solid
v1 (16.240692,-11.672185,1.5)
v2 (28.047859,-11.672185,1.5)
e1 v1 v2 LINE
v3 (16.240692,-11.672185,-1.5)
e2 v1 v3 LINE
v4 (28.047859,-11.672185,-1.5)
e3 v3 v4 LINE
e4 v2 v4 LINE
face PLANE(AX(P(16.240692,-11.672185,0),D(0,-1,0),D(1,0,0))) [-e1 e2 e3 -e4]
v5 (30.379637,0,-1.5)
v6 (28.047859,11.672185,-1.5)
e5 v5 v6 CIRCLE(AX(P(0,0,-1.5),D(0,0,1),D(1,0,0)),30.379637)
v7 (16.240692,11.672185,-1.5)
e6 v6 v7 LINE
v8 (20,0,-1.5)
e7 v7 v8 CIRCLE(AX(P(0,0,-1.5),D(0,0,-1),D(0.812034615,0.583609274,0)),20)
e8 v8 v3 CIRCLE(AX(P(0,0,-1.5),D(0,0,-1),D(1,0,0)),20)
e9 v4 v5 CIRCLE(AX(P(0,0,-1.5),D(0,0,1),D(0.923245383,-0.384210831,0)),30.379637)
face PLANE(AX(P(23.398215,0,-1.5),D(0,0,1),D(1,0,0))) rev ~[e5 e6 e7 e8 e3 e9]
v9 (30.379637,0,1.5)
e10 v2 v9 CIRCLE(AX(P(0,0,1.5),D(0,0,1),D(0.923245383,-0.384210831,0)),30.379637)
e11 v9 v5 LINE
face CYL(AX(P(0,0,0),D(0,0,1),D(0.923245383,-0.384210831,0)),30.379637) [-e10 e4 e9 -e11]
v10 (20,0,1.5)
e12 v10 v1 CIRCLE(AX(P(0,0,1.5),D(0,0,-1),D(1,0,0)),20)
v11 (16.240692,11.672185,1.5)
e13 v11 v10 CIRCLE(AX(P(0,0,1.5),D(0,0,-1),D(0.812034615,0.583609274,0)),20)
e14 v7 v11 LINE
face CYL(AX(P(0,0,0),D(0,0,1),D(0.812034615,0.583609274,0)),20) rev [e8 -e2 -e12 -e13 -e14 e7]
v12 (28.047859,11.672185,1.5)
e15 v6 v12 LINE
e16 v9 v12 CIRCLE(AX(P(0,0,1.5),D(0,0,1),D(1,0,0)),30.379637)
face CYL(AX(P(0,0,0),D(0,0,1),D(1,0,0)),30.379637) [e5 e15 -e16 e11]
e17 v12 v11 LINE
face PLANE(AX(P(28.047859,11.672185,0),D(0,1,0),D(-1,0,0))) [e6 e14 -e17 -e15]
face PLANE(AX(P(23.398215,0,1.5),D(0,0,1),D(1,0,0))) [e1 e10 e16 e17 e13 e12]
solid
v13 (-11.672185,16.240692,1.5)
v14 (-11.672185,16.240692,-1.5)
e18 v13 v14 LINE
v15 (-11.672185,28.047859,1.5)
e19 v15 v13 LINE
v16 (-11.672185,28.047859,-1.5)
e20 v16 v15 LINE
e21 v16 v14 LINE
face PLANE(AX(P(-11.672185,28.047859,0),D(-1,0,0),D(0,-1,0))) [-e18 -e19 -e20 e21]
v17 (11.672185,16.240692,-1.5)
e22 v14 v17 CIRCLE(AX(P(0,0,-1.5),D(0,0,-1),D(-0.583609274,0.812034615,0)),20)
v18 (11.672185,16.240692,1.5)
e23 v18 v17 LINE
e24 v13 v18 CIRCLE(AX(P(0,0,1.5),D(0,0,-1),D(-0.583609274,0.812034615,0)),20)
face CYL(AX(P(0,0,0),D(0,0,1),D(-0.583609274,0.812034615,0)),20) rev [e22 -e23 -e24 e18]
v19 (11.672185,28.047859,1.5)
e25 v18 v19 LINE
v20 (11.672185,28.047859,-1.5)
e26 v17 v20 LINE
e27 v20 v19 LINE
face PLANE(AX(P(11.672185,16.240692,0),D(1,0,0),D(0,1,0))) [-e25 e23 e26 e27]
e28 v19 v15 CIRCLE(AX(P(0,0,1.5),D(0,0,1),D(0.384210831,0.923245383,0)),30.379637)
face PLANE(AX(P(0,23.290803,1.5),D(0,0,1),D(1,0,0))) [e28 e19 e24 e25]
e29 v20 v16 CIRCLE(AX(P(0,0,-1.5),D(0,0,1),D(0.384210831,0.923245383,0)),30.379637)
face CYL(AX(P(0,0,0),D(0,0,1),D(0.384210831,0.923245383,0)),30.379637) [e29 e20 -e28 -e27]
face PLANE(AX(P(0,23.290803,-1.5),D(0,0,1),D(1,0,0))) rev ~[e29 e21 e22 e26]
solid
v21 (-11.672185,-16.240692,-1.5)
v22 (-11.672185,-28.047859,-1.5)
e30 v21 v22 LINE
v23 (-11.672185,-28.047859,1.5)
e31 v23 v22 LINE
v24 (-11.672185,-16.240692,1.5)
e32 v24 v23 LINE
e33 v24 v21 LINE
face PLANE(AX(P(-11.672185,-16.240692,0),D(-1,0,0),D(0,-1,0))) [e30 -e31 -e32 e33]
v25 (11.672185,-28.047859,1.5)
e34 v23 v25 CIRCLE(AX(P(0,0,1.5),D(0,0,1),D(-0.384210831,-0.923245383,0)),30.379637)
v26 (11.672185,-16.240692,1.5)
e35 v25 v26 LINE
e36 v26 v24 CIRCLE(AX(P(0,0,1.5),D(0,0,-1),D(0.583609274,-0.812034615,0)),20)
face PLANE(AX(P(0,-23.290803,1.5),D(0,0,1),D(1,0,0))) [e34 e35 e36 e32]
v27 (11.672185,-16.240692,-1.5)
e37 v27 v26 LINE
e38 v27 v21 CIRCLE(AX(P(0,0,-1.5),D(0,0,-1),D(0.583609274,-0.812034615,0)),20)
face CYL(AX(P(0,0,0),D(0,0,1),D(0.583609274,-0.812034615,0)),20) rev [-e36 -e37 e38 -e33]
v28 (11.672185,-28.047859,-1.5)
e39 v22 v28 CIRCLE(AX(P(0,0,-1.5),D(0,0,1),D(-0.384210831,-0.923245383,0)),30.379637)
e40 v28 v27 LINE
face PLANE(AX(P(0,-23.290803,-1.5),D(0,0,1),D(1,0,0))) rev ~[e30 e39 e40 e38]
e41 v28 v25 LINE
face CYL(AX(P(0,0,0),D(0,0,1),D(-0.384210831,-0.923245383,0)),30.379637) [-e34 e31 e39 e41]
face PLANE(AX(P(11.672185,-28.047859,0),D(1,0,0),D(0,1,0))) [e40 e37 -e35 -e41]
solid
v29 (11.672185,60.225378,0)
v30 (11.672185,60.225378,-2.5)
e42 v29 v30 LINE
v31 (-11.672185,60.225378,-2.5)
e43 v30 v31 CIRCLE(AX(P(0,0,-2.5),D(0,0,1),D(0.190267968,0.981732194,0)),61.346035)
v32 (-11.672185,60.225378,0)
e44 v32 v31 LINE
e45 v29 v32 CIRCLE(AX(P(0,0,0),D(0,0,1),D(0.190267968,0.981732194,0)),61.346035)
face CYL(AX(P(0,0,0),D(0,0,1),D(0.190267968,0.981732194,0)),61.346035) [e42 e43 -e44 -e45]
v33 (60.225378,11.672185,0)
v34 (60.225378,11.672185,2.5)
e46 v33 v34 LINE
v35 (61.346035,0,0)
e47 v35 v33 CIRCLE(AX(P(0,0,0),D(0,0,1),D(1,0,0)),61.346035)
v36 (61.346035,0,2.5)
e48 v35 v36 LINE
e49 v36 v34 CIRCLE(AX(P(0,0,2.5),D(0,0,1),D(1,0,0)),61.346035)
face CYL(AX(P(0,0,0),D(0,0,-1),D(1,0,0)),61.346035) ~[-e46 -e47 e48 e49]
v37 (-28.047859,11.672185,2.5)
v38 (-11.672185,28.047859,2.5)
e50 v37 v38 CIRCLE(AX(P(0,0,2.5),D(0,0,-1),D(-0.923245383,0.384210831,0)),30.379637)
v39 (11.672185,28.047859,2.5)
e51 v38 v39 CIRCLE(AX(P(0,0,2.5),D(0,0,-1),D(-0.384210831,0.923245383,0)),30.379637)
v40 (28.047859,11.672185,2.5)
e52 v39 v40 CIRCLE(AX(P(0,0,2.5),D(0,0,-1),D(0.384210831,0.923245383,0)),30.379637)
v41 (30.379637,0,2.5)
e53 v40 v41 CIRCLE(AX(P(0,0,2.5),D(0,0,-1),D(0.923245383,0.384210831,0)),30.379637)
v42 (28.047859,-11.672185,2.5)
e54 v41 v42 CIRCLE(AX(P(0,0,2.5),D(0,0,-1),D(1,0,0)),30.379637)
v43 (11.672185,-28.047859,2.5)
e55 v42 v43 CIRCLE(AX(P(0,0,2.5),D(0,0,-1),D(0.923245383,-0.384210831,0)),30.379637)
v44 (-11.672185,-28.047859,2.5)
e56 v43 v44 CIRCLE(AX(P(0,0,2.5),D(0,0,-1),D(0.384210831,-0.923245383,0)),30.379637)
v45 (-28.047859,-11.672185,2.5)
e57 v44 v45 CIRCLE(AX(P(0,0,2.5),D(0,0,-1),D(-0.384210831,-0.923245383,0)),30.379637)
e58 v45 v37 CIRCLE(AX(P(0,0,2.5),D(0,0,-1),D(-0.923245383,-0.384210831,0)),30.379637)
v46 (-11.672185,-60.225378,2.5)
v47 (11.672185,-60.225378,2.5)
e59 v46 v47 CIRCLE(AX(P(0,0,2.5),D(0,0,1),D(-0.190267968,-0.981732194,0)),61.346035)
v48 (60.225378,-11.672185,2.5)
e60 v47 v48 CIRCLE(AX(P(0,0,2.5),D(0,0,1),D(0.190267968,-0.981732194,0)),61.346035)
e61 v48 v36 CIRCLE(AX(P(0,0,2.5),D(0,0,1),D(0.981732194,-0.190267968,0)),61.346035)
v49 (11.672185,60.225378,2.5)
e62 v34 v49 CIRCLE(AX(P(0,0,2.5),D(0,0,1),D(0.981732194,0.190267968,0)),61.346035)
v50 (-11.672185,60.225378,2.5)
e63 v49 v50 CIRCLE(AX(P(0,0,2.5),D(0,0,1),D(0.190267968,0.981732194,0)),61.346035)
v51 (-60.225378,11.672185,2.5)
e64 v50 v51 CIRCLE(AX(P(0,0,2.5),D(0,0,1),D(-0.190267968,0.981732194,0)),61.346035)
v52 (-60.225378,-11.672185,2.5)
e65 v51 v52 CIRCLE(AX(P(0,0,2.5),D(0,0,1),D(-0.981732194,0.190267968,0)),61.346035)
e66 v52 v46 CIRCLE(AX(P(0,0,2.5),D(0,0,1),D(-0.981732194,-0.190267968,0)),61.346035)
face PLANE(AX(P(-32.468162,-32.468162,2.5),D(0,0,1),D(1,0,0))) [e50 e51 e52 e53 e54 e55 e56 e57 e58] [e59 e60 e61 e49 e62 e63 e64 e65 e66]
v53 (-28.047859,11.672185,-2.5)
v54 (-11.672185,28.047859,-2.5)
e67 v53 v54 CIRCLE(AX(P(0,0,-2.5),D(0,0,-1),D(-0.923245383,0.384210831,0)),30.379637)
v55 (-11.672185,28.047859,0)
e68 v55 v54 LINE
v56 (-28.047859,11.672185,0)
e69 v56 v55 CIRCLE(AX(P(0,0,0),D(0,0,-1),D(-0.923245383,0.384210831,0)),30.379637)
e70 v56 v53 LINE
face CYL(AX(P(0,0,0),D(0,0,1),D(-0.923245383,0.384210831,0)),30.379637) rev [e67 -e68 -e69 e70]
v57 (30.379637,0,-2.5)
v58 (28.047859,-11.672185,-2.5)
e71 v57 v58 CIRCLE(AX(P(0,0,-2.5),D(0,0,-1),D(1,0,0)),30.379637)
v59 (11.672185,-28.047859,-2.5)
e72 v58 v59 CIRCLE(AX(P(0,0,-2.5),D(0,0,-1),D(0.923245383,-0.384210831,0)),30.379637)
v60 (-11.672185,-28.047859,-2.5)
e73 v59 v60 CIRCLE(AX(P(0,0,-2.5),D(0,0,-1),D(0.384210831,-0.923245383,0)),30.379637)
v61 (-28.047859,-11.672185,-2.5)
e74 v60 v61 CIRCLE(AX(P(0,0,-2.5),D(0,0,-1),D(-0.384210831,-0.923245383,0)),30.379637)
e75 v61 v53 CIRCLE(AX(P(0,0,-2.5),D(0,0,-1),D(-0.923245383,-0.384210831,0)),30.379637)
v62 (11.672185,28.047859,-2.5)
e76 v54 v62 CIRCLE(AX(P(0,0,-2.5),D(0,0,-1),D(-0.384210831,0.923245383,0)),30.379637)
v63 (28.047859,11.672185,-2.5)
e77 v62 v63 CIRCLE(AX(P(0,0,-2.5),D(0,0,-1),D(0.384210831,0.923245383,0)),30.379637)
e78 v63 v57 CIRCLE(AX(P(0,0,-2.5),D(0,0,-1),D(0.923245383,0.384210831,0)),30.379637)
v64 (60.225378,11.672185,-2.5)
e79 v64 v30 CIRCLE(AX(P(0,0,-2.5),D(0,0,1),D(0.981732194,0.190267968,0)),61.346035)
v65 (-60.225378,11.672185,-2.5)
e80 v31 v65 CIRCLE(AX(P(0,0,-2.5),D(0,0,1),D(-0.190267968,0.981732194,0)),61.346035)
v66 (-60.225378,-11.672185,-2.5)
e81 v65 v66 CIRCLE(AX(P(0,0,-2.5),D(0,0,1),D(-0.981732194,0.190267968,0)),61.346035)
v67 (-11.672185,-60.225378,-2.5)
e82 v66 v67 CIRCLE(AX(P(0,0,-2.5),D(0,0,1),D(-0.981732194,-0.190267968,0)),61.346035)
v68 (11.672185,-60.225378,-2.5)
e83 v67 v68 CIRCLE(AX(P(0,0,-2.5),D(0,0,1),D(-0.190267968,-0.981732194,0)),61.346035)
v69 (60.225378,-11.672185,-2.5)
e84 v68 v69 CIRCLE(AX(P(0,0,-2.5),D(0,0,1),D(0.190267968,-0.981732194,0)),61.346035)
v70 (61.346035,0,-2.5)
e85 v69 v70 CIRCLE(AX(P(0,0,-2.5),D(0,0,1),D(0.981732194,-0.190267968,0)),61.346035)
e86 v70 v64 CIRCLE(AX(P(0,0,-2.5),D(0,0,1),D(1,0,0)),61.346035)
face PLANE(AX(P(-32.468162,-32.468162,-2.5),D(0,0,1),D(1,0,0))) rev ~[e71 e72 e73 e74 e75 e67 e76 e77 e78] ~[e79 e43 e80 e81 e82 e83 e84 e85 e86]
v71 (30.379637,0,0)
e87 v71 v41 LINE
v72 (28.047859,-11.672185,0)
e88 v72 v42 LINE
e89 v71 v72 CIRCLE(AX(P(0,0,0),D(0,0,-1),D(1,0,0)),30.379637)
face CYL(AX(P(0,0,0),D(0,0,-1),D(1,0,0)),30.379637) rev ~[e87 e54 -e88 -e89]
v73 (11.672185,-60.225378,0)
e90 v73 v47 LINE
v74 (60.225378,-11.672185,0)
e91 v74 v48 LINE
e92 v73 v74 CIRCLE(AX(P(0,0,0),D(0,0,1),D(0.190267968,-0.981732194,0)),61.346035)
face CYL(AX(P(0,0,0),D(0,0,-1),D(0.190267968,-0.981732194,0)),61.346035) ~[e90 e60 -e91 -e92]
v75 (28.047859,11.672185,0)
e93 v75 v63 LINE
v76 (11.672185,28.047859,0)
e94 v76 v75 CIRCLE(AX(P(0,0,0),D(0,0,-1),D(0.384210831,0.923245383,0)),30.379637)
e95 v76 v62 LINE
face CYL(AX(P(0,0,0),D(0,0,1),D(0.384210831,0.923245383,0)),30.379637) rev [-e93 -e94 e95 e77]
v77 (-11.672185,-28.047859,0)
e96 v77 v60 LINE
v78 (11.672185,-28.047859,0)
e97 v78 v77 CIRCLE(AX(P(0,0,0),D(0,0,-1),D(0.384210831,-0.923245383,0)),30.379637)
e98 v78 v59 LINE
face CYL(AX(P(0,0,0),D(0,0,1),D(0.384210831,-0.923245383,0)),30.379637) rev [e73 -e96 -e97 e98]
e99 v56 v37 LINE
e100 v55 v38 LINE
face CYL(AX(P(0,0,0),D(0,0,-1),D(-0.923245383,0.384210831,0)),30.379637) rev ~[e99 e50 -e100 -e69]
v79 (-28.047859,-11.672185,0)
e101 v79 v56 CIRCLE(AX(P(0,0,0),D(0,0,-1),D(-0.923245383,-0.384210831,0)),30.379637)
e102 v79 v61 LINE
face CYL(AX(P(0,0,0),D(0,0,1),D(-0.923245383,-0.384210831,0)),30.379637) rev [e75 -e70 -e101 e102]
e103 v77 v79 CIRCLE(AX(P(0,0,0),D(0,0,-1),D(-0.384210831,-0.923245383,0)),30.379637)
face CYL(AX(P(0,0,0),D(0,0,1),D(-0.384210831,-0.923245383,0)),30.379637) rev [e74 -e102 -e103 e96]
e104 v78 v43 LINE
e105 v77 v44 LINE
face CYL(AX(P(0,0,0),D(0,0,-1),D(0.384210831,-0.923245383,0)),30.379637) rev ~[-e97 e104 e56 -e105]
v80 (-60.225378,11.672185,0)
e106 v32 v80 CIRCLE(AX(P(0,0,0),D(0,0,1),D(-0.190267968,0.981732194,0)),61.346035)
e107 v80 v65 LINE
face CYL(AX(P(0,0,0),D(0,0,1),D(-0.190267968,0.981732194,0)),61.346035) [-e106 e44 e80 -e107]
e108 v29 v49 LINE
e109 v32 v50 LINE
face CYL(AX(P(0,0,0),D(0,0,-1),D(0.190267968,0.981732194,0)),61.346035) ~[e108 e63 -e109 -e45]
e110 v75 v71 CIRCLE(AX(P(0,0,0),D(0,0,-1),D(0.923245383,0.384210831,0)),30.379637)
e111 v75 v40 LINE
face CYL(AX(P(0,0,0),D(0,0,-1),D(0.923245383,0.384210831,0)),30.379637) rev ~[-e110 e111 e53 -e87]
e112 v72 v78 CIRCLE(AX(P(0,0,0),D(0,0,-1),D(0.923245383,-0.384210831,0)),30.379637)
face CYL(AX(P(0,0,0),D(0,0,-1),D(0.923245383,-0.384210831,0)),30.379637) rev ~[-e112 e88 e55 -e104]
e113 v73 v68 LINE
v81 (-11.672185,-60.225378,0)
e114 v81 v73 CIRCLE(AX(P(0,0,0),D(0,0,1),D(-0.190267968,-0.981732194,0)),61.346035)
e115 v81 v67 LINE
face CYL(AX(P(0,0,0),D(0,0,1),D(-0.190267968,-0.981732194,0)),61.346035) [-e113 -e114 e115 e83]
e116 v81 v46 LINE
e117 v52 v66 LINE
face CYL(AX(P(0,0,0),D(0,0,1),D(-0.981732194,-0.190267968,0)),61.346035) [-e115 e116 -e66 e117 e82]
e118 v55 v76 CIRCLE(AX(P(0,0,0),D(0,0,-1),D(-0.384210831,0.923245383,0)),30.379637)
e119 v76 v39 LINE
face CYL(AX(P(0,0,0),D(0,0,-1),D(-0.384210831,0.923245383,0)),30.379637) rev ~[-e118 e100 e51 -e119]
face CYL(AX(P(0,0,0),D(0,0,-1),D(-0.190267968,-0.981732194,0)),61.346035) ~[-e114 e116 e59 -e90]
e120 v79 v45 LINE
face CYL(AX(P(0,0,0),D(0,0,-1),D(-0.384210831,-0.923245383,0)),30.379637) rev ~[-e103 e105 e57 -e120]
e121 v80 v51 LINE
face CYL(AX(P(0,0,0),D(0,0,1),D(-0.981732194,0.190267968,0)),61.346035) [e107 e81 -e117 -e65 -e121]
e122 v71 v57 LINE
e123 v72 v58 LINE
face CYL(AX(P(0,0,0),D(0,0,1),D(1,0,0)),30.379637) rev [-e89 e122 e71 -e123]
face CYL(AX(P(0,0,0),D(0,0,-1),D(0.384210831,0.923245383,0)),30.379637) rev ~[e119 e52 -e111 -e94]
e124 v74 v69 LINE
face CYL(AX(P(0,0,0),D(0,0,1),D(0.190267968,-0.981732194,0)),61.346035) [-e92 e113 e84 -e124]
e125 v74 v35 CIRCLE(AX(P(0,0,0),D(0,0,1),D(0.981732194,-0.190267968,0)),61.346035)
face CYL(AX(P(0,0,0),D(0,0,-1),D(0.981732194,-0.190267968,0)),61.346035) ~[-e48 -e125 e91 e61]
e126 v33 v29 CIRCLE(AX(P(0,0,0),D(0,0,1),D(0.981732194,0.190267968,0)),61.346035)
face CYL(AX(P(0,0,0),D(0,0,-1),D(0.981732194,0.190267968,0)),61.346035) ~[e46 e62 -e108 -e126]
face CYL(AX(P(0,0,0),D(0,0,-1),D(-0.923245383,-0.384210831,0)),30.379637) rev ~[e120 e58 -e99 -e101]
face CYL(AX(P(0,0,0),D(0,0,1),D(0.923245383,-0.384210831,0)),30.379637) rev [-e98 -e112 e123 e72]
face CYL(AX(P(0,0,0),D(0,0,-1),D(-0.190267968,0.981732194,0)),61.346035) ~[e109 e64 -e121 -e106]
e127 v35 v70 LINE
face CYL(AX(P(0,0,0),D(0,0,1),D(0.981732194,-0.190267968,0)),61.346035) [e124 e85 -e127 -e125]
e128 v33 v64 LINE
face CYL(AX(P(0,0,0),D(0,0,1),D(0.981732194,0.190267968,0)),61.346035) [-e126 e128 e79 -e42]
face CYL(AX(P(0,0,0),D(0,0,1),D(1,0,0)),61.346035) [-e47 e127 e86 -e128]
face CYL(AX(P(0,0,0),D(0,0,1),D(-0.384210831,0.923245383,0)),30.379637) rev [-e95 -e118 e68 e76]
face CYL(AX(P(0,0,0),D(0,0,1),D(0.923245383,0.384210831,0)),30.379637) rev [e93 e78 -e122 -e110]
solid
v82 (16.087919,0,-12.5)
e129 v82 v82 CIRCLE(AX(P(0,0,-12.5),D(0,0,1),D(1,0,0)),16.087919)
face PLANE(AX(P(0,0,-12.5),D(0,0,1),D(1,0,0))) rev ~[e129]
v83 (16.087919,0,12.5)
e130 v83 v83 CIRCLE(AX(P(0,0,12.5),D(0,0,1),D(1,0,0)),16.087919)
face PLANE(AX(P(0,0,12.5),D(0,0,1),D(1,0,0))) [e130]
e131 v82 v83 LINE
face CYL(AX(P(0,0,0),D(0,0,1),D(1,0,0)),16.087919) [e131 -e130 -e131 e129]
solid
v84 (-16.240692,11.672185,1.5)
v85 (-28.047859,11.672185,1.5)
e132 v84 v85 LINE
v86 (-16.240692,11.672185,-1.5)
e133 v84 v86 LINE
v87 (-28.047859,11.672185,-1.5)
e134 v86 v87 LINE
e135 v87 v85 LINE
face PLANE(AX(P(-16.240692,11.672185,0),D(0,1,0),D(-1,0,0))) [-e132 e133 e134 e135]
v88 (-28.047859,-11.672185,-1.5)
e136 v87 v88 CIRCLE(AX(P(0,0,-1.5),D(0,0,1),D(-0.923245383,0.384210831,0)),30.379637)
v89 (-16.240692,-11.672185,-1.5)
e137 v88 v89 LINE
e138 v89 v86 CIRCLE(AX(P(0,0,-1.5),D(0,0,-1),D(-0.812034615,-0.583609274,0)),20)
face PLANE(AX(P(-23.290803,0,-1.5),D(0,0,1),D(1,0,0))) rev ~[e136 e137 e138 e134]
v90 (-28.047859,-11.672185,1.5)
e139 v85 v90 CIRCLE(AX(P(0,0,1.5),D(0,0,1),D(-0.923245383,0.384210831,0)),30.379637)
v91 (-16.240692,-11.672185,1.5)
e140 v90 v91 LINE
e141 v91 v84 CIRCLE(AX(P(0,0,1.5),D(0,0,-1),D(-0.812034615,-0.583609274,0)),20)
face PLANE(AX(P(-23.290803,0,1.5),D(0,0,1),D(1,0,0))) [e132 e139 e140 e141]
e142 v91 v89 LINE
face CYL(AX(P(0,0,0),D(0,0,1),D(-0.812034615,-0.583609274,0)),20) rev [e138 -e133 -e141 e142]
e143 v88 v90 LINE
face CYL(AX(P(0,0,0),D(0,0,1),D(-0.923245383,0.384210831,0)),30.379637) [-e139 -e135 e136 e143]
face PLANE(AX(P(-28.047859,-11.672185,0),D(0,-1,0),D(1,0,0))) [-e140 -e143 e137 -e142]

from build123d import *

# Parameters (mm, degrees)
F1_DEPTH = 2.5
F2_DEPTH = 1.5
F0_R     = 16.0879189499
F3_DEPTH = 12.5


with BuildPart() as f1:
    # F0 (on Top) → F1 (new body, symmetric)
    with BuildSketch(Plane.XY):
        with BuildLine():
            ThreePointArc((-60.2253776831, -11.6721854729), (-43.3781974659, -43.3781974659), (-11.6721854729, -60.2253776831))
            Line((-11.6721854729, -60.2253776831), (-11.6721854729, -28.0478593798))
            ThreePointArc((-11.6721854729, -28.0478593798), (-21.4816471611, -21.4816471611), (-28.0478593798, -11.6721854729))
            Line((-28.0478593798, -11.6721854729), (-60.2253776831, -11.6721854729))
        make_face()
        with BuildLine():
            Line((-28.0478593798, 11.6721854729), (-60.2253776831, 11.6721854729))
            ThreePointArc((-60.2253776831, 11.6721854729), (-61.3460351676, 0), (-60.2253776831, -11.6721854729))
            Line((-60.2253776831, -11.6721854729), (-28.0478593798, -11.6721854729))
            ThreePointArc((-28.0478593798, -11.6721854729), (-30.3796367573, 0), (-28.0478593798, 11.6721854729))
        make_face()
        with BuildLine():
            Line((-11.6721854729, 28.0478593798), (-11.6721854729, 60.2253776831))
            ThreePointArc((-11.6721854729, 60.2253776831), (-43.3781974659, 43.3781974659), (-60.2253776831, 11.6721854729))
            Line((-60.2253776831, 11.6721854729), (-28.0478593798, 11.6721854729))
            ThreePointArc((-28.0478593798, 11.6721854729), (-21.4816471611, 21.4816471611), (-11.6721854729, 28.0478593798))
        make_face()
        with BuildLine():
            Line((11.6721854729, 28.0478593799), (11.6721854729, 60.2253776831))
            ThreePointArc((11.6721854729, 60.2253776831), (0, 61.3460351676), (-11.6721854729, 60.2253776831))
            Line((-11.6721854729, 60.2253776831), (-11.6721854729, 28.0478593798))
            ThreePointArc((-11.6721854729, 28.0478593798), (0, 30.3796367573), (11.6721854729, 28.0478593798))
        make_face()
        with BuildLine():
            Line((28.0478593798, 11.6721854729), (60.2253776831, 11.6721854729))
            ThreePointArc((60.2253776831, 11.6721854729), (43.3781974659, 43.3781974659), (11.6721854729, 60.2253776831))
            Line((11.6721854729, 60.2253776831), (11.6721854729, 28.0478593799))
            ThreePointArc((11.6721854729, 28.0478593798), (21.4816471611, 21.4816471611), (28.0478593798, 11.6721854729))
        make_face()
        with BuildLine():
            ThreePointArc((60.2253776831, -11.6721854729), (61.0652281094, -5.8629298757), (61.3460351676, 0))
            ThreePointArc((61.3460351676, 0), (61.0652281094, 5.8629298757), (60.2253776831, 11.6721854729))
            Line((60.2253776831, 11.6721854729), (28.0478593798, 11.6721854729))
            ThreePointArc((28.0478593798, 11.6721854729), (29.7909894875, 5.9514094854), (30.3796367573, 0))
            ThreePointArc((30.3796367573, 0), (29.7909894875, -5.9514094854), (28.0478593798, -11.6721854729))
            Line((28.0478593798, -11.6721854729), (60.2253776831, -11.6721854729))
        make_face()
        with BuildLine():
            ThreePointArc((11.6721854729, -60.2253776831), (43.3781974659, -43.3781974659), (60.2253776831, -11.6721854729))
            Line((60.2253776831, -11.6721854729), (28.0478593798, -11.6721854729))
            ThreePointArc((28.0478593798, -11.6721854729), (21.4816471611, -21.4816471611), (11.6721854729, -28.0478593798))
            Line((11.6721854729, -28.0478593799), (11.6721854729, -60.2253776831))
        make_face()
        with BuildLine():
            ThreePointArc((-11.6721854729, -60.2253776831), (0, -61.3460351676), (11.6721854729, -60.2253776831))
            Line((11.6721854729, -60.2253776831), (11.6721854729, -28.0478593799))
            ThreePointArc((11.6721854729, -28.0478593798), (0, -30.3796367573), (-11.6721854729, -28.0478593798))
            Line((-11.6721854729, -28.0478593798), (-11.6721854729, -60.2253776831))
        make_face()
    extrude(amount=F1_DEPTH, both=True)


with BuildPart() as f2:
    # F0 (on Top) → F2 (new body, symmetric)
    with BuildSketch(Plane.XY):
        with BuildLine():
            Line((-16.240692297, 11.6721854729), (-28.0478593798, 11.6721854729))
            ThreePointArc((-28.0478593798, 11.6721854729), (-30.3796367573, 0), (-28.0478593798, -11.6721854729))
            Line((-28.0478593798, -11.6721854729), (-16.240692297, -11.6721854729))
            ThreePointArc((-16.240692297, -11.6721854729), (-20, 0), (-16.240692297, 11.6721854729))
        make_face()
    extrude(amount=F2_DEPTH, both=True)


with BuildPart() as f2b:
    # F0 (on Top) → F2, piece 2 (new body, symmetric)
    with BuildSketch(Plane.XY):
        with BuildLine():
            Line((11.6721854729, 16.240692297), (11.6721854729, 28.0478593799))
            ThreePointArc((11.6721854729, 28.0478593798), (0, 30.3796367573), (-11.6721854729, 28.0478593798))
            Line((-11.6721854729, 28.0478593798), (-11.6721854729, 16.240692297))
            ThreePointArc((-11.6721854729, 16.240692297), (0, 20), (11.6721854729, 16.240692297))
        make_face()
    extrude(amount=F2_DEPTH, both=True)


with BuildPart() as f2c:
    # F0 (on Top) → F2, piece 3 (new body, symmetric)
    with BuildSketch(Plane.XY):
        with BuildLine():
            ThreePointArc((30.3796367573, 0), (29.7909894875, 5.9514094854), (28.0478593798, 11.6721854729))
            Line((28.0478593798, 11.6721854729), (16.240692297, 11.6721854729))
            ThreePointArc((16.240692297, 11.6721854729), (19.0369882852, 6.1313193547), (20, 0))
            ThreePointArc((20, 0), (19.0369882852, -6.1313193547), (16.240692297, -11.6721854729))
            Line((16.240692297, -11.6721854729), (28.0478593798, -11.6721854729))
            ThreePointArc((28.0478593798, -11.6721854729), (29.7909894875, -5.9514094854), (30.3796367573, 0))
        make_face()
    extrude(amount=F2_DEPTH, both=True)


with BuildPart() as f2d:
    # F0 (on Top) → F2, piece 4 (new body, symmetric)
    with BuildSketch(Plane.XY):
        with BuildLine():
            ThreePointArc((-11.6721854729, -28.0478593798), (0, -30.3796367573), (11.6721854729, -28.0478593798))
            Line((11.6721854729, -28.0478593799), (11.6721854729, -16.240692297))
            ThreePointArc((11.6721854729, -16.240692297), (0, -20), (-11.6721854729, -16.240692297))
            Line((-11.6721854729, -16.240692297), (-11.6721854729, -28.0478593798))
        make_face()
    extrude(amount=F2_DEPTH, both=True)


with BuildPart() as f3:
    # F0 (on Top) → F3 (new body, symmetric)
    with BuildSketch(Plane.XY):
        Circle(F0_R)
    extrude(amount=F3_DEPTH, both=True)


solid = Compound([f1.part, f2.part, f2b.part, f2c.part, f2d.part, f3.part])
